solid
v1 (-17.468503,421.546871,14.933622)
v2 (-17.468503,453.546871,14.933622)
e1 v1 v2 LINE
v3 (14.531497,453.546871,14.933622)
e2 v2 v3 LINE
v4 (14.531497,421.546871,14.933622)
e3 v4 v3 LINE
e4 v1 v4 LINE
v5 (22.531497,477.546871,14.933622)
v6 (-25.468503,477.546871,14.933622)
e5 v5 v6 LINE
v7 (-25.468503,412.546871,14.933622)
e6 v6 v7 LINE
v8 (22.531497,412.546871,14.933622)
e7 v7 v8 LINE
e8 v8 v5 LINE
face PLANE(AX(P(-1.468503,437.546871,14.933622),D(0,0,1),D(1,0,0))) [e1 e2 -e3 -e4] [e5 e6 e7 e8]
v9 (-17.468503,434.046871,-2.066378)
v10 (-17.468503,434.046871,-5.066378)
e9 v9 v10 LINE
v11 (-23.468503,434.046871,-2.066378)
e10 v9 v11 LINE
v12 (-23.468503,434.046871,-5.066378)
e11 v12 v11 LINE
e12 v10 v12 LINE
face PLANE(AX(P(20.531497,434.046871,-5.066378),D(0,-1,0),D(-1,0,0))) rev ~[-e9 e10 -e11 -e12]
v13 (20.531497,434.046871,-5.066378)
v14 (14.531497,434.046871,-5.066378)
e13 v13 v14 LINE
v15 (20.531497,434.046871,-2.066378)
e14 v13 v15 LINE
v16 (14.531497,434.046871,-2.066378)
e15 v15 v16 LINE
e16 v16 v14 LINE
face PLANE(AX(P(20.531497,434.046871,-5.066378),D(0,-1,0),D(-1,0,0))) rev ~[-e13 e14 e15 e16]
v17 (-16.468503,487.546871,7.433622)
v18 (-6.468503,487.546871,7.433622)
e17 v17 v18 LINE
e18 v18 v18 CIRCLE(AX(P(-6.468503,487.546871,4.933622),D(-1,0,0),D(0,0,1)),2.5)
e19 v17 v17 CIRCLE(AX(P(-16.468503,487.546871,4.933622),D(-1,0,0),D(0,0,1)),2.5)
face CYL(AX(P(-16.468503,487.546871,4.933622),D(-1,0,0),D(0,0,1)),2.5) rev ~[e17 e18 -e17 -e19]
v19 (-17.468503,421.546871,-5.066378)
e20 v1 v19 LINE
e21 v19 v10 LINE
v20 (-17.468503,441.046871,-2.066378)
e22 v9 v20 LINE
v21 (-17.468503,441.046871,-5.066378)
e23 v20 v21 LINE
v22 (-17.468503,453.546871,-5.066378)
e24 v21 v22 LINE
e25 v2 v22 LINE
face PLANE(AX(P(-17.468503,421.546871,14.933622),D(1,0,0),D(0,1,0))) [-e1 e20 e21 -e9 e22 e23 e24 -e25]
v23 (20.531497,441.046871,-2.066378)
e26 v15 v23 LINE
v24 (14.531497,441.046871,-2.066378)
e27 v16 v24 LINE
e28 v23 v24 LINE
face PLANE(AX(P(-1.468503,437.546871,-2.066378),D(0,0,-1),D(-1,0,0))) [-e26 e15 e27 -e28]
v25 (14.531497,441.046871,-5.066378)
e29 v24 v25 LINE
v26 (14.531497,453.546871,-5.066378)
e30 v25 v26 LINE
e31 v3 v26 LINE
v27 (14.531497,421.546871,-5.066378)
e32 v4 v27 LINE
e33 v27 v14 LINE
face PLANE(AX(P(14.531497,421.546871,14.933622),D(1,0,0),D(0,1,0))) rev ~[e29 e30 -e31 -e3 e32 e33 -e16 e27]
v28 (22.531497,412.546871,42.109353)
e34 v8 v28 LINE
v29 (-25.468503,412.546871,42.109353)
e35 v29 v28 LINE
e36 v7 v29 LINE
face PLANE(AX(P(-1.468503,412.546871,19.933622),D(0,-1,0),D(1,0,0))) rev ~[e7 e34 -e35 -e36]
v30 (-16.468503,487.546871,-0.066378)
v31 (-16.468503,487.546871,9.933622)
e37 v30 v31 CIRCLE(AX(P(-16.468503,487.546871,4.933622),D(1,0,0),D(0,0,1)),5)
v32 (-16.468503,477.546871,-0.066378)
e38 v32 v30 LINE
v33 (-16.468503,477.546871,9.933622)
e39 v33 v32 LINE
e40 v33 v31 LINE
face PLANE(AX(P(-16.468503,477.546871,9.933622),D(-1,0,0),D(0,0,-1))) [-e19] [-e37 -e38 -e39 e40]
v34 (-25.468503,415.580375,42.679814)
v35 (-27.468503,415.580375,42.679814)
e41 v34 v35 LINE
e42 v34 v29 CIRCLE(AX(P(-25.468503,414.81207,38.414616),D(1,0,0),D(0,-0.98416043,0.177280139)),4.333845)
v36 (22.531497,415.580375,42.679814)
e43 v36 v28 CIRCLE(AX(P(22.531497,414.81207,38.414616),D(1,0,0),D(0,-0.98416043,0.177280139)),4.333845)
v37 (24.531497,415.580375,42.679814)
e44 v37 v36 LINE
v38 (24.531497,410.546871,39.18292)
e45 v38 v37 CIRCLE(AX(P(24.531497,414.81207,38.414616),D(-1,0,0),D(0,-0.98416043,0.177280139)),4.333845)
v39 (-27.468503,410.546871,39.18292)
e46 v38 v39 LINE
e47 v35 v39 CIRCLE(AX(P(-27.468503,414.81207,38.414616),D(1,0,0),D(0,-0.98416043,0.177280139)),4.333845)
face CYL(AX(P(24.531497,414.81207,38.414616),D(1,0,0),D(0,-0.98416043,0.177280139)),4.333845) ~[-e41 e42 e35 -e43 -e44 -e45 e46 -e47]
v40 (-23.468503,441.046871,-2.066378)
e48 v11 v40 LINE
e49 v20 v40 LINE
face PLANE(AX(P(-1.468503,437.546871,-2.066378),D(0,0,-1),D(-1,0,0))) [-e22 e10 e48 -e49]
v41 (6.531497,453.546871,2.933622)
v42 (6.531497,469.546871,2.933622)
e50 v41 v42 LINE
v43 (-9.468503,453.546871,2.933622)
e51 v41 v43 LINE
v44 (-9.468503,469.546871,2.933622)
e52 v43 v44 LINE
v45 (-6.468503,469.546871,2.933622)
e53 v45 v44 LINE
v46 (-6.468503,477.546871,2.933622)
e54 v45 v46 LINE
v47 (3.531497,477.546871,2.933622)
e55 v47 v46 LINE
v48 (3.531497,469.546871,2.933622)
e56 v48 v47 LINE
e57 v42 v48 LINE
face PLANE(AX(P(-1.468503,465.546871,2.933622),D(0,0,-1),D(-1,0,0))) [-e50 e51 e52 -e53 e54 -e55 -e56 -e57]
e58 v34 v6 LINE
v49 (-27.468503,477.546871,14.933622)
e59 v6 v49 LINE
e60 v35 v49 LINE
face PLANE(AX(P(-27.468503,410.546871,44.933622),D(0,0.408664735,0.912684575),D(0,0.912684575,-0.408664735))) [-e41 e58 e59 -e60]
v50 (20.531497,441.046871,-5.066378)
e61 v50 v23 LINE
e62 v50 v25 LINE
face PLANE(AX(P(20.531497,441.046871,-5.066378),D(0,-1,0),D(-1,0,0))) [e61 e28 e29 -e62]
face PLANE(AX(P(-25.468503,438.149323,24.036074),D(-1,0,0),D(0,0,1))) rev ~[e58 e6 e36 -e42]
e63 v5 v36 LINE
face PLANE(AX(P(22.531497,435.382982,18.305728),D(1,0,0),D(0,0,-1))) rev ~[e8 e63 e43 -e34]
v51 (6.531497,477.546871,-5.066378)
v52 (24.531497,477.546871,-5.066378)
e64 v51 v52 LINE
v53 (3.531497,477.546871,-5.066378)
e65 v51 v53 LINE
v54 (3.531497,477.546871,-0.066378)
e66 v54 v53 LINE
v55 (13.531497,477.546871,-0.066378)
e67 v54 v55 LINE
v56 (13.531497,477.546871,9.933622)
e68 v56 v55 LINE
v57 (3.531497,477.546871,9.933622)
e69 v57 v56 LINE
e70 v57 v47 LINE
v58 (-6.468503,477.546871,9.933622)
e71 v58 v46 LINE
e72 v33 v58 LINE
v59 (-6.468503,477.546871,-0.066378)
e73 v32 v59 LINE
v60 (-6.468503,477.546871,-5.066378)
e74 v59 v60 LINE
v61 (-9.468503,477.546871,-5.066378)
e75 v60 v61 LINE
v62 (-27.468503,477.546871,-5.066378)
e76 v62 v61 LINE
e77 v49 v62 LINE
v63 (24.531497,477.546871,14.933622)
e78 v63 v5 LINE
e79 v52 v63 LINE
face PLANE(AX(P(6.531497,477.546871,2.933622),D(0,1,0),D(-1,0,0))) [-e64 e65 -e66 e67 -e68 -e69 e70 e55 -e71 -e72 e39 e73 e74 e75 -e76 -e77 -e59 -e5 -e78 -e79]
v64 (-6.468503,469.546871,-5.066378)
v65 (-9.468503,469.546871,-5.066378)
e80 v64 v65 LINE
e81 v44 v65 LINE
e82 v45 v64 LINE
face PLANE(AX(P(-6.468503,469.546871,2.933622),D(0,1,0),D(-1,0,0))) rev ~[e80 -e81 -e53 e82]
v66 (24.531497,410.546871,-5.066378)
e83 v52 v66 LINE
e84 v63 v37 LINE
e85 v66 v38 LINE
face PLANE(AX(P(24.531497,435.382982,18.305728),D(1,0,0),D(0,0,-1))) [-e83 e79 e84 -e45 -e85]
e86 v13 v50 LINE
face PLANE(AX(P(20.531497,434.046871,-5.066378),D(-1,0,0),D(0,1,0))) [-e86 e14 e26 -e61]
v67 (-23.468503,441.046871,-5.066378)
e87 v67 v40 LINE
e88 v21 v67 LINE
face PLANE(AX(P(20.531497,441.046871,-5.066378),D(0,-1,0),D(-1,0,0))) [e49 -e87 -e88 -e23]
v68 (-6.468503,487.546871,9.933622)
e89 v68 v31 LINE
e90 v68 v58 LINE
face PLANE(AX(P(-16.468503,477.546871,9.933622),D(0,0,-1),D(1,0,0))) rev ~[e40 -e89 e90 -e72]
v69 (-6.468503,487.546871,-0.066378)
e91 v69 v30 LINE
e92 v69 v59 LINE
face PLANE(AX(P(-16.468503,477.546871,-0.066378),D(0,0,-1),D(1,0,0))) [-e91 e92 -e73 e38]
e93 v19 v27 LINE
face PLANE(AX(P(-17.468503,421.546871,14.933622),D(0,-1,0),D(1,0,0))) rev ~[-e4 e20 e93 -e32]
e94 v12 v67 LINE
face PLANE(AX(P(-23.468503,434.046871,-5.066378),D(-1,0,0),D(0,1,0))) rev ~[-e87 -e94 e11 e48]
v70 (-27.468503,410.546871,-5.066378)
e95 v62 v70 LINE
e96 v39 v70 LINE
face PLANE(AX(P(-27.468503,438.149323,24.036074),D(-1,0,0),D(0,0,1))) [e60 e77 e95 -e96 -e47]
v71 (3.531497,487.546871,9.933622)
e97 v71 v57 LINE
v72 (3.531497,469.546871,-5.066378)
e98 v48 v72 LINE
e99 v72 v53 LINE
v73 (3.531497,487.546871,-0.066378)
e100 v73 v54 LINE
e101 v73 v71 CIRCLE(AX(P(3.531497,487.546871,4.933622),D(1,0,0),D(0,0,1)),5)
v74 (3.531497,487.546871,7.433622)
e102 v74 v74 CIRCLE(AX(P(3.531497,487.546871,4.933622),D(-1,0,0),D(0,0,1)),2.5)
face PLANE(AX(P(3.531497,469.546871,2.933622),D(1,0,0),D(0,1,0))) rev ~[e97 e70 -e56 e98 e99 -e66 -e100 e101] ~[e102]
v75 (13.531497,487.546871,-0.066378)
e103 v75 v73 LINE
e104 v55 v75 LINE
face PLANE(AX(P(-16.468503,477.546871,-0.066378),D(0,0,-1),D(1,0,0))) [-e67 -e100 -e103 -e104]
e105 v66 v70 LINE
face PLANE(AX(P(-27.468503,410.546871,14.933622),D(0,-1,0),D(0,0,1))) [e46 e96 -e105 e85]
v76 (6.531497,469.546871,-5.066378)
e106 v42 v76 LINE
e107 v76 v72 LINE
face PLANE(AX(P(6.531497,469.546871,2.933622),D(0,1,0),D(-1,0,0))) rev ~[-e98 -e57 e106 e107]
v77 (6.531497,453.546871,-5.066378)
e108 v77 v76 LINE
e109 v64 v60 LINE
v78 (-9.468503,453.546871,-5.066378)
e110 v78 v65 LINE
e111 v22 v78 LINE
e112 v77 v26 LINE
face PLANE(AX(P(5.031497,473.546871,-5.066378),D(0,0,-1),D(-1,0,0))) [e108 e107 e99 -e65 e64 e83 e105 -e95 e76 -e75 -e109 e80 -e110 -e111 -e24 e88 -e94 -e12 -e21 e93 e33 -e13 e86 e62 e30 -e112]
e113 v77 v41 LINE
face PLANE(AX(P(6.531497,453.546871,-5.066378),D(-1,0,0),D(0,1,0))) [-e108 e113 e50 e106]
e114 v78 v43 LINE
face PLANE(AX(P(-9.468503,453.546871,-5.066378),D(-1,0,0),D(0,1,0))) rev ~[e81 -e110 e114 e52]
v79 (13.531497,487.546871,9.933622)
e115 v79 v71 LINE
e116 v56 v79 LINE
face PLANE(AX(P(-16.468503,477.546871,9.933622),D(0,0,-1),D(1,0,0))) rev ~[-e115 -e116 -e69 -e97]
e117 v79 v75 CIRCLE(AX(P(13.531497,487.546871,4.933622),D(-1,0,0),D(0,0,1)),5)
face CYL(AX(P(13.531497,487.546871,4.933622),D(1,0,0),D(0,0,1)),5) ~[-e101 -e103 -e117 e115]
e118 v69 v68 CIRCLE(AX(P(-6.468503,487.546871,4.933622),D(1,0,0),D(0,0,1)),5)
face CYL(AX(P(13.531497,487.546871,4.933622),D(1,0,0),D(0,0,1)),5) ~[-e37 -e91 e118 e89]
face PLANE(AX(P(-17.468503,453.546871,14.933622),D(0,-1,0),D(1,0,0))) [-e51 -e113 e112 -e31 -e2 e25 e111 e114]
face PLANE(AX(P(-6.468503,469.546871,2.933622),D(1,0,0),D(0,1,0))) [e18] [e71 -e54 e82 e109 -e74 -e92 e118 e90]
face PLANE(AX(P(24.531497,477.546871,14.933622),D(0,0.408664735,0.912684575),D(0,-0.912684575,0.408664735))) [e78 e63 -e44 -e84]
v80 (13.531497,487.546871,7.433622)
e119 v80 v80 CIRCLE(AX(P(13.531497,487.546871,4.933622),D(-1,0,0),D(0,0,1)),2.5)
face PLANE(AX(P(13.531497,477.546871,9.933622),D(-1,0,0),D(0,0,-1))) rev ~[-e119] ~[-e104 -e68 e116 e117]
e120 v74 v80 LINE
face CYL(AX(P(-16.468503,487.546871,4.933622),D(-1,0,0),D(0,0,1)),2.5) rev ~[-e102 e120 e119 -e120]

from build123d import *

# Parameters (mm, degrees)
SKETCH1_W            = 50
SKETCH1_H            = 40
BOSS_EXTRUDE1_DEPTH  = 10
SKETCH5_W            = 6
SKETCH5_H            = 5
BOSS_EXTRUDE3_DEPTH  = 10
SKETCH6_R            = 2
CUT_EXTRUDE1_DEPTH   = 20
SKETCH8_W            = 10
SKETCH8_H            = 40
CUT_EXTRUDE2_DEPTH   = 25
SKETCH9_W            = 10
SKETCH9_H            = 6
SKETCH9_R            = 1.930897171
BOSS_EXTRUDE4_DEPTH  = 5
SKETCH10_W           = 10
SKETCH10_H           = 5
CUT_EXTRUDE3_DEPTH   = 15
SKETCH11_W           = 5
SKETCH11_H           = 5
BOSS_EXTRUDE5_DEPTH  = 10
SKETCH12_R           = 1.5
CUT_EXTRUDE4_DEPTH   = 10
SKETCH13_W           = 6
SKETCH13_H           = 5
CUT_EXTRUDE5_DEPTH   = 10
SKETCH15_W           = 5
SKETCH15_H           = 5
BOSS_EXTRUDE7_DEPTH  = 10
SKETCH18_W           = 5
SKETCH18_H           = 5
CUT_EXTRUDE7_DEPTH   = 10
SKETCH19_R           = 1.25
CUT_EXTRUDE8_DEPTH   = 43
CUT_EXTRUDE9_DEPTH   = 20
SKETCH21_W           = 16
SKETCH21_H           = 16
CUT_EXTRUDE10_DEPTH  = 30
SKETCH22_W           = 8
SKETCH22_H           = 12
CUT_EXTRUDE11_DEPTH  = 4
SCALE2_SCALE         = 2
CUT_EXTRUDE12_DEPTH  = 30
SKETCH24_W           = 44
SKETCH24_H           = 7
CUT_EXTRUDE13_DEPTH  = 3
SKETCH25_W           = 3
SKETCH25_H           = 8
BOSS_EXTRUDE8_DEPTH  = 8
BOSS_EXTRUDE9_DEPTH  = 2
SKETCH27_W           = 52
SKETCH27_H           = 50
BOSS_EXTRUDE10_DEPTH = 2
BOSS_EXTRUDE11_DEPTH = 2
CUT_EXTRUDE15_DEPTH  = 64


with BuildPart() as part:
    # Sketch1 → Boss-Extrude1 (new body)
    with BuildSketch(Plane(origin=(669.84184187, 0, 0), x_dir=(1, 0, 0), z_dir=(0, 0, 1))):
        with Locations((-671.310344828, 437.637931034)):
            Rectangle(SKETCH1_W, SKETCH1_H)
    boss_extrude1 = extrude(amount=BOSS_EXTRUDE1_DEPTH)

    # Sketch5 → Boss-Extrude3 (add)
    with BuildSketch(Plane(origin=(23.531497042, 0, 0), x_dir=(0, 0, -1), z_dir=(1, 0, 0))):
        with Locations((-5, 442.637931034)):
            Rectangle(SKETCH5_W, SKETCH5_H)
        with Locations((-5, 432.637931034)):
            Rectangle(SKETCH5_W, SKETCH5_H)
    extrude(amount=BOSS_EXTRUDE3_DEPTH)

    # Sketch6 → Cut-Extrude1 (cut)
    with BuildSketch(Plane(origin=(669.84184187, 445.137931034, 0), x_dir=(1, 0, 0), z_dir=(0, 1, 0))):
        with Locations(Location((-641.310344828, -5, 0), (0, 0, 180))):
            Circle(SKETCH6_R)
    extrude(amount=-CUT_EXTRUDE1_DEPTH, mode=Mode.SUBTRACT)

    # Sketch8 → Cut-Extrude2 (cut)
    with BuildSketch(Plane.ZY.offset(26.468502958)):
        with Locations((5, 437.637931034)):
            Rectangle(SKETCH8_W, SKETCH8_H)
    extrude(amount=-CUT_EXTRUDE2_DEPTH, mode=Mode.SUBTRACT)

    # Sketch9 → Boss-Extrude4 (add)
    with BuildSketch(Plane(origin=(0, 435.137931034, 0), x_dir=(1, 0, 0), z_dir=(0, 1, 0))):
        with Locations((28.531497042, -5)):
            Rectangle(SKETCH9_W, SKETCH9_H)
        with Locations(Location((28.531497042, -5, 0), (0, 0, 180))):
            Circle(SKETCH9_R, mode=Mode.SUBTRACT)
    extrude(amount=BOSS_EXTRUDE4_DEPTH)

    # Sketch10 → Cut-Extrude3 (cut)
    with BuildSketch(Plane.XY.offset(8)):
        with Locations((28.531497042, 432.637931034)):
            Rectangle(SKETCH10_W, SKETCH10_H)
        with Locations((28.531497042, 442.637931034)):
            Rectangle(SKETCH10_W, SKETCH10_H)
    extrude(amount=-CUT_EXTRUDE3_DEPTH, mode=Mode.SUBTRACT)

    # Mirror1: Boss-Extrude1 across plane
    add(boss_extrude1.mirror(Plane(origin=(-1.468502958, 0, 0), x_dir=(0, 0, 1), z_dir=(1, 0, 0))))

    # Sketch11 → Boss-Extrude5 (add)
    with BuildSketch(Plane(origin=(0, 457.637931034, 0), x_dir=(1, 0, 0), z_dir=(0, 1, 0))):
        with Locations((-1.468502958, -5)):
            Rectangle(SKETCH11_W, SKETCH11_H)
    extrude(amount=BOSS_EXTRUDE5_DEPTH)

    # Sketch12 → Cut-Extrude4 (cut)
    with BuildSketch(Plane(origin=(1.031497042, 0, 0), x_dir=(0, 0, -1), z_dir=(1, 0, 0))):
        with Locations((-5, 462.637931034)):
            Circle(SKETCH12_R)
    extrude(amount=-CUT_EXTRUDE4_DEPTH, mode=Mode.SUBTRACT)

    # Sketch13 → Cut-Extrude5 (cut)
    with BuildSketch(Plane(origin=(33.531497042, 0, 0), x_dir=(0, 0, -1), z_dir=(1, 0, 0))):
        with Locations((-5, 437.637931034)):
            Rectangle(SKETCH13_W, SKETCH13_H)
    extrude(amount=-CUT_EXTRUDE5_DEPTH, mode=Mode.SUBTRACT)

    # Sketch15 → Boss-Extrude7 (add)
    with BuildSketch(Plane(origin=(0, 457.637931034, 0), x_dir=(1, 0, 0), z_dir=(0, 1, 0))):
        with Locations((-6.468502958, -5)):
            Rectangle(SKETCH15_W, SKETCH15_H)
        with Locations((3.531497042, -5)):
            Rectangle(SKETCH15_W, SKETCH15_H)
    extrude(amount=BOSS_EXTRUDE7_DEPTH)

    # Sketch18 → Cut-Extrude7 (cut)
    with BuildSketch(Plane(origin=(0, 467.637931034, 0), x_dir=(1, 0, 0), z_dir=(0, 1, 0))):
        with Locations((-1.468502958, -5)):
            Rectangle(SKETCH18_W, SKETCH18_H)
    extrude(amount=-CUT_EXTRUDE7_DEPTH, mode=Mode.SUBTRACT)

    # Sketch19 → Cut-Extrude8 (cut)
    with BuildSketch(Plane.ZY.offset(8.968502958)):
        with Locations((5, 462.637931034)):
            Circle(SKETCH19_R)
    extrude(amount=-CUT_EXTRUDE8_DEPTH, mode=Mode.SUBTRACT)

    # Sketch20 → Cut-Extrude9 (cut)
    with BuildSketch(Plane(origin=(6.031497042, 0, 0), x_dir=(0, 0, -1), z_dir=(1, 0, 0))):
        with BuildLine():
            Line((-7.5, 467.637931034), (-7.5, 462.637931034))
            ThreePointArc((-7.5, 462.637931034), (-5, 465.137931034), (-2.5, 462.637931034))
            Line((-2.5, 462.637931034), (-2.5, 467.637931034))
            Line((-2.5, 467.637931034), (-7.5, 467.637931034))
        make_face()
    extrude(amount=-CUT_EXTRUDE9_DEPTH, mode=Mode.SUBTRACT)

    # Sketch21 → Cut-Extrude10 (cut)
    with BuildSketch(Plane.XY.offset(10)):
        with Locations((-1.468502958, 437.637931034)):
            Rectangle(SKETCH21_W, SKETCH21_H)
    extrude(amount=-CUT_EXTRUDE10_DEPTH, mode=Mode.SUBTRACT)

    # Sketch22 → Cut-Extrude11 (cut)
    with BuildSketch(Plane(origin=(0, 0, 0), x_dir=(-1, 0, 0), z_dir=(0, 0, -1))):
        with Locations((1.468502958, 451.637931034)):
            Rectangle(SKETCH22_W, SKETCH22_H)
    extrude(amount=-CUT_EXTRUDE11_DEPTH, mode=Mode.SUBTRACT)


with BuildPart() as part_1:
    # Scale2: scaled about (-1.468502958, 437.728990864, 5.066378231)
    add(part.part.scale(SCALE2_SCALE).moved(Location((1.468502958, -437.728990864, -5.066378231))))

    # Sketch23 → Cut-Extrude12 (cut)
    with BuildSketch(Plane(origin=(0, 0, -5.066378231), x_dir=(-1, 0, 0), z_dir=(0, 0, -1))):
        Polygon((27.468502958, 495.287404552), (27.468502958, 477.546871205), (51.468502958, 477.546871205), (51.468502958, 397.546871205), (-48.531497042, 397.546871205), (-48.531497042, 477.546871205), (-24.531497042, 477.546871205), (-24.531497042, 495.287404552), (-71.530370383, 495.287404552), (-71.530370383, 371.111775085), (85.960671869, 371.111775085), (85.960671869, 495.287404552), align=None)
        Polygon((51.468502958, 477.546871205), (27.468502958, 477.546871205), (27.468502958, 410.546871205), (-24.531497042, 410.546871205), (-24.531497042, 477.546871205), (-48.531497042, 477.546871205), (-48.531497042, 397.546871205), (51.468502958, 397.546871205), align=None)
    extrude(amount=-CUT_EXTRUDE12_DEPTH, mode=Mode.SUBTRACT)

    # Sketch24 → Cut-Extrude13 (cut)
    with BuildSketch(Plane(origin=(0, 0, -5.066378231), x_dir=(-1, 0, 0), z_dir=(0, 0, -1))):
        with Locations((1.468502958, 437.546871205)):
            Rectangle(SKETCH24_W, SKETCH24_H)
    extrude(amount=-CUT_EXTRUDE13_DEPTH, mode=Mode.SUBTRACT)

    # Sketch25 → Boss-Extrude8 (add)
    with BuildSketch(Plane(origin=(0, 0, 2.933621769), x_dir=(-1, 0, 0), z_dir=(0, 0, -1))):
        with Locations((-5.031497042, 473.546871205)):
            Rectangle(SKETCH25_W, SKETCH25_H)
        with Locations((7.968502958, 473.546871205)):
            Rectangle(SKETCH25_W, SKETCH25_H)
    extrude(amount=BOSS_EXTRUDE8_DEPTH)

    # Sketch26 → Boss-Extrude9 (add)
    with BuildSketch(Plane.ZY.offset(27.468502958)):
        Polygon((44.933621769, 410.546871205), (14.933621769, 477.546871205), (14.933621769, 410.546871205), align=None)
    extrude(amount=-BOSS_EXTRUDE9_DEPTH)

    # Sketch27 → Boss-Extrude10 (add)
    with BuildSketch(Plane.XZ.offset(-410.546871205)):
        with Locations((-1.468502958, 19.933621769)):
            Rectangle(SKETCH27_W, SKETCH27_H)
    extrude(amount=-BOSS_EXTRUDE10_DEPTH)

    # Sketch28 → Boss-Extrude11 (add)
    with BuildSketch(Plane(origin=(24.531497042, 0, 0), x_dir=(0, 0, -1), z_dir=(1, 0, 0))):
        Polygon((-14.933621769, 477.546871205), (-44.933621769, 410.546871205), (5.066378231, 410.546871205), align=None)
    extrude(amount=-BOSS_EXTRUDE11_DEPTH)

    # Sketch31 → Cut-Extrude15 (cut)
    with BuildSketch(Plane(origin=(24.531497042, 0, 0), x_dir=(0, 0, -1), z_dir=(1, 0, 0))):
        with BuildLine():
            Line((-42.679814302, 415.580374548), (-51.64215649, 418.145209821))
            Line((-51.64215649, 418.145209821), (-53.81664241, 410.546871205))
            Line((-53.81664241, 410.546871205), (-41.973839944, 407.710599457))
            Line((-41.973839944, 407.710599457), (-39.182920234, 410.546871205))
            ThreePointArc((-39.182920234, 410.546871205), (-41.973839944, 412.339392402), (-42.679814302, 415.580374548))
        make_face()
    extrude(amount=-CUT_EXTRUDE15_DEPTH, mode=Mode.SUBTRACT)


solid = part_1.part
